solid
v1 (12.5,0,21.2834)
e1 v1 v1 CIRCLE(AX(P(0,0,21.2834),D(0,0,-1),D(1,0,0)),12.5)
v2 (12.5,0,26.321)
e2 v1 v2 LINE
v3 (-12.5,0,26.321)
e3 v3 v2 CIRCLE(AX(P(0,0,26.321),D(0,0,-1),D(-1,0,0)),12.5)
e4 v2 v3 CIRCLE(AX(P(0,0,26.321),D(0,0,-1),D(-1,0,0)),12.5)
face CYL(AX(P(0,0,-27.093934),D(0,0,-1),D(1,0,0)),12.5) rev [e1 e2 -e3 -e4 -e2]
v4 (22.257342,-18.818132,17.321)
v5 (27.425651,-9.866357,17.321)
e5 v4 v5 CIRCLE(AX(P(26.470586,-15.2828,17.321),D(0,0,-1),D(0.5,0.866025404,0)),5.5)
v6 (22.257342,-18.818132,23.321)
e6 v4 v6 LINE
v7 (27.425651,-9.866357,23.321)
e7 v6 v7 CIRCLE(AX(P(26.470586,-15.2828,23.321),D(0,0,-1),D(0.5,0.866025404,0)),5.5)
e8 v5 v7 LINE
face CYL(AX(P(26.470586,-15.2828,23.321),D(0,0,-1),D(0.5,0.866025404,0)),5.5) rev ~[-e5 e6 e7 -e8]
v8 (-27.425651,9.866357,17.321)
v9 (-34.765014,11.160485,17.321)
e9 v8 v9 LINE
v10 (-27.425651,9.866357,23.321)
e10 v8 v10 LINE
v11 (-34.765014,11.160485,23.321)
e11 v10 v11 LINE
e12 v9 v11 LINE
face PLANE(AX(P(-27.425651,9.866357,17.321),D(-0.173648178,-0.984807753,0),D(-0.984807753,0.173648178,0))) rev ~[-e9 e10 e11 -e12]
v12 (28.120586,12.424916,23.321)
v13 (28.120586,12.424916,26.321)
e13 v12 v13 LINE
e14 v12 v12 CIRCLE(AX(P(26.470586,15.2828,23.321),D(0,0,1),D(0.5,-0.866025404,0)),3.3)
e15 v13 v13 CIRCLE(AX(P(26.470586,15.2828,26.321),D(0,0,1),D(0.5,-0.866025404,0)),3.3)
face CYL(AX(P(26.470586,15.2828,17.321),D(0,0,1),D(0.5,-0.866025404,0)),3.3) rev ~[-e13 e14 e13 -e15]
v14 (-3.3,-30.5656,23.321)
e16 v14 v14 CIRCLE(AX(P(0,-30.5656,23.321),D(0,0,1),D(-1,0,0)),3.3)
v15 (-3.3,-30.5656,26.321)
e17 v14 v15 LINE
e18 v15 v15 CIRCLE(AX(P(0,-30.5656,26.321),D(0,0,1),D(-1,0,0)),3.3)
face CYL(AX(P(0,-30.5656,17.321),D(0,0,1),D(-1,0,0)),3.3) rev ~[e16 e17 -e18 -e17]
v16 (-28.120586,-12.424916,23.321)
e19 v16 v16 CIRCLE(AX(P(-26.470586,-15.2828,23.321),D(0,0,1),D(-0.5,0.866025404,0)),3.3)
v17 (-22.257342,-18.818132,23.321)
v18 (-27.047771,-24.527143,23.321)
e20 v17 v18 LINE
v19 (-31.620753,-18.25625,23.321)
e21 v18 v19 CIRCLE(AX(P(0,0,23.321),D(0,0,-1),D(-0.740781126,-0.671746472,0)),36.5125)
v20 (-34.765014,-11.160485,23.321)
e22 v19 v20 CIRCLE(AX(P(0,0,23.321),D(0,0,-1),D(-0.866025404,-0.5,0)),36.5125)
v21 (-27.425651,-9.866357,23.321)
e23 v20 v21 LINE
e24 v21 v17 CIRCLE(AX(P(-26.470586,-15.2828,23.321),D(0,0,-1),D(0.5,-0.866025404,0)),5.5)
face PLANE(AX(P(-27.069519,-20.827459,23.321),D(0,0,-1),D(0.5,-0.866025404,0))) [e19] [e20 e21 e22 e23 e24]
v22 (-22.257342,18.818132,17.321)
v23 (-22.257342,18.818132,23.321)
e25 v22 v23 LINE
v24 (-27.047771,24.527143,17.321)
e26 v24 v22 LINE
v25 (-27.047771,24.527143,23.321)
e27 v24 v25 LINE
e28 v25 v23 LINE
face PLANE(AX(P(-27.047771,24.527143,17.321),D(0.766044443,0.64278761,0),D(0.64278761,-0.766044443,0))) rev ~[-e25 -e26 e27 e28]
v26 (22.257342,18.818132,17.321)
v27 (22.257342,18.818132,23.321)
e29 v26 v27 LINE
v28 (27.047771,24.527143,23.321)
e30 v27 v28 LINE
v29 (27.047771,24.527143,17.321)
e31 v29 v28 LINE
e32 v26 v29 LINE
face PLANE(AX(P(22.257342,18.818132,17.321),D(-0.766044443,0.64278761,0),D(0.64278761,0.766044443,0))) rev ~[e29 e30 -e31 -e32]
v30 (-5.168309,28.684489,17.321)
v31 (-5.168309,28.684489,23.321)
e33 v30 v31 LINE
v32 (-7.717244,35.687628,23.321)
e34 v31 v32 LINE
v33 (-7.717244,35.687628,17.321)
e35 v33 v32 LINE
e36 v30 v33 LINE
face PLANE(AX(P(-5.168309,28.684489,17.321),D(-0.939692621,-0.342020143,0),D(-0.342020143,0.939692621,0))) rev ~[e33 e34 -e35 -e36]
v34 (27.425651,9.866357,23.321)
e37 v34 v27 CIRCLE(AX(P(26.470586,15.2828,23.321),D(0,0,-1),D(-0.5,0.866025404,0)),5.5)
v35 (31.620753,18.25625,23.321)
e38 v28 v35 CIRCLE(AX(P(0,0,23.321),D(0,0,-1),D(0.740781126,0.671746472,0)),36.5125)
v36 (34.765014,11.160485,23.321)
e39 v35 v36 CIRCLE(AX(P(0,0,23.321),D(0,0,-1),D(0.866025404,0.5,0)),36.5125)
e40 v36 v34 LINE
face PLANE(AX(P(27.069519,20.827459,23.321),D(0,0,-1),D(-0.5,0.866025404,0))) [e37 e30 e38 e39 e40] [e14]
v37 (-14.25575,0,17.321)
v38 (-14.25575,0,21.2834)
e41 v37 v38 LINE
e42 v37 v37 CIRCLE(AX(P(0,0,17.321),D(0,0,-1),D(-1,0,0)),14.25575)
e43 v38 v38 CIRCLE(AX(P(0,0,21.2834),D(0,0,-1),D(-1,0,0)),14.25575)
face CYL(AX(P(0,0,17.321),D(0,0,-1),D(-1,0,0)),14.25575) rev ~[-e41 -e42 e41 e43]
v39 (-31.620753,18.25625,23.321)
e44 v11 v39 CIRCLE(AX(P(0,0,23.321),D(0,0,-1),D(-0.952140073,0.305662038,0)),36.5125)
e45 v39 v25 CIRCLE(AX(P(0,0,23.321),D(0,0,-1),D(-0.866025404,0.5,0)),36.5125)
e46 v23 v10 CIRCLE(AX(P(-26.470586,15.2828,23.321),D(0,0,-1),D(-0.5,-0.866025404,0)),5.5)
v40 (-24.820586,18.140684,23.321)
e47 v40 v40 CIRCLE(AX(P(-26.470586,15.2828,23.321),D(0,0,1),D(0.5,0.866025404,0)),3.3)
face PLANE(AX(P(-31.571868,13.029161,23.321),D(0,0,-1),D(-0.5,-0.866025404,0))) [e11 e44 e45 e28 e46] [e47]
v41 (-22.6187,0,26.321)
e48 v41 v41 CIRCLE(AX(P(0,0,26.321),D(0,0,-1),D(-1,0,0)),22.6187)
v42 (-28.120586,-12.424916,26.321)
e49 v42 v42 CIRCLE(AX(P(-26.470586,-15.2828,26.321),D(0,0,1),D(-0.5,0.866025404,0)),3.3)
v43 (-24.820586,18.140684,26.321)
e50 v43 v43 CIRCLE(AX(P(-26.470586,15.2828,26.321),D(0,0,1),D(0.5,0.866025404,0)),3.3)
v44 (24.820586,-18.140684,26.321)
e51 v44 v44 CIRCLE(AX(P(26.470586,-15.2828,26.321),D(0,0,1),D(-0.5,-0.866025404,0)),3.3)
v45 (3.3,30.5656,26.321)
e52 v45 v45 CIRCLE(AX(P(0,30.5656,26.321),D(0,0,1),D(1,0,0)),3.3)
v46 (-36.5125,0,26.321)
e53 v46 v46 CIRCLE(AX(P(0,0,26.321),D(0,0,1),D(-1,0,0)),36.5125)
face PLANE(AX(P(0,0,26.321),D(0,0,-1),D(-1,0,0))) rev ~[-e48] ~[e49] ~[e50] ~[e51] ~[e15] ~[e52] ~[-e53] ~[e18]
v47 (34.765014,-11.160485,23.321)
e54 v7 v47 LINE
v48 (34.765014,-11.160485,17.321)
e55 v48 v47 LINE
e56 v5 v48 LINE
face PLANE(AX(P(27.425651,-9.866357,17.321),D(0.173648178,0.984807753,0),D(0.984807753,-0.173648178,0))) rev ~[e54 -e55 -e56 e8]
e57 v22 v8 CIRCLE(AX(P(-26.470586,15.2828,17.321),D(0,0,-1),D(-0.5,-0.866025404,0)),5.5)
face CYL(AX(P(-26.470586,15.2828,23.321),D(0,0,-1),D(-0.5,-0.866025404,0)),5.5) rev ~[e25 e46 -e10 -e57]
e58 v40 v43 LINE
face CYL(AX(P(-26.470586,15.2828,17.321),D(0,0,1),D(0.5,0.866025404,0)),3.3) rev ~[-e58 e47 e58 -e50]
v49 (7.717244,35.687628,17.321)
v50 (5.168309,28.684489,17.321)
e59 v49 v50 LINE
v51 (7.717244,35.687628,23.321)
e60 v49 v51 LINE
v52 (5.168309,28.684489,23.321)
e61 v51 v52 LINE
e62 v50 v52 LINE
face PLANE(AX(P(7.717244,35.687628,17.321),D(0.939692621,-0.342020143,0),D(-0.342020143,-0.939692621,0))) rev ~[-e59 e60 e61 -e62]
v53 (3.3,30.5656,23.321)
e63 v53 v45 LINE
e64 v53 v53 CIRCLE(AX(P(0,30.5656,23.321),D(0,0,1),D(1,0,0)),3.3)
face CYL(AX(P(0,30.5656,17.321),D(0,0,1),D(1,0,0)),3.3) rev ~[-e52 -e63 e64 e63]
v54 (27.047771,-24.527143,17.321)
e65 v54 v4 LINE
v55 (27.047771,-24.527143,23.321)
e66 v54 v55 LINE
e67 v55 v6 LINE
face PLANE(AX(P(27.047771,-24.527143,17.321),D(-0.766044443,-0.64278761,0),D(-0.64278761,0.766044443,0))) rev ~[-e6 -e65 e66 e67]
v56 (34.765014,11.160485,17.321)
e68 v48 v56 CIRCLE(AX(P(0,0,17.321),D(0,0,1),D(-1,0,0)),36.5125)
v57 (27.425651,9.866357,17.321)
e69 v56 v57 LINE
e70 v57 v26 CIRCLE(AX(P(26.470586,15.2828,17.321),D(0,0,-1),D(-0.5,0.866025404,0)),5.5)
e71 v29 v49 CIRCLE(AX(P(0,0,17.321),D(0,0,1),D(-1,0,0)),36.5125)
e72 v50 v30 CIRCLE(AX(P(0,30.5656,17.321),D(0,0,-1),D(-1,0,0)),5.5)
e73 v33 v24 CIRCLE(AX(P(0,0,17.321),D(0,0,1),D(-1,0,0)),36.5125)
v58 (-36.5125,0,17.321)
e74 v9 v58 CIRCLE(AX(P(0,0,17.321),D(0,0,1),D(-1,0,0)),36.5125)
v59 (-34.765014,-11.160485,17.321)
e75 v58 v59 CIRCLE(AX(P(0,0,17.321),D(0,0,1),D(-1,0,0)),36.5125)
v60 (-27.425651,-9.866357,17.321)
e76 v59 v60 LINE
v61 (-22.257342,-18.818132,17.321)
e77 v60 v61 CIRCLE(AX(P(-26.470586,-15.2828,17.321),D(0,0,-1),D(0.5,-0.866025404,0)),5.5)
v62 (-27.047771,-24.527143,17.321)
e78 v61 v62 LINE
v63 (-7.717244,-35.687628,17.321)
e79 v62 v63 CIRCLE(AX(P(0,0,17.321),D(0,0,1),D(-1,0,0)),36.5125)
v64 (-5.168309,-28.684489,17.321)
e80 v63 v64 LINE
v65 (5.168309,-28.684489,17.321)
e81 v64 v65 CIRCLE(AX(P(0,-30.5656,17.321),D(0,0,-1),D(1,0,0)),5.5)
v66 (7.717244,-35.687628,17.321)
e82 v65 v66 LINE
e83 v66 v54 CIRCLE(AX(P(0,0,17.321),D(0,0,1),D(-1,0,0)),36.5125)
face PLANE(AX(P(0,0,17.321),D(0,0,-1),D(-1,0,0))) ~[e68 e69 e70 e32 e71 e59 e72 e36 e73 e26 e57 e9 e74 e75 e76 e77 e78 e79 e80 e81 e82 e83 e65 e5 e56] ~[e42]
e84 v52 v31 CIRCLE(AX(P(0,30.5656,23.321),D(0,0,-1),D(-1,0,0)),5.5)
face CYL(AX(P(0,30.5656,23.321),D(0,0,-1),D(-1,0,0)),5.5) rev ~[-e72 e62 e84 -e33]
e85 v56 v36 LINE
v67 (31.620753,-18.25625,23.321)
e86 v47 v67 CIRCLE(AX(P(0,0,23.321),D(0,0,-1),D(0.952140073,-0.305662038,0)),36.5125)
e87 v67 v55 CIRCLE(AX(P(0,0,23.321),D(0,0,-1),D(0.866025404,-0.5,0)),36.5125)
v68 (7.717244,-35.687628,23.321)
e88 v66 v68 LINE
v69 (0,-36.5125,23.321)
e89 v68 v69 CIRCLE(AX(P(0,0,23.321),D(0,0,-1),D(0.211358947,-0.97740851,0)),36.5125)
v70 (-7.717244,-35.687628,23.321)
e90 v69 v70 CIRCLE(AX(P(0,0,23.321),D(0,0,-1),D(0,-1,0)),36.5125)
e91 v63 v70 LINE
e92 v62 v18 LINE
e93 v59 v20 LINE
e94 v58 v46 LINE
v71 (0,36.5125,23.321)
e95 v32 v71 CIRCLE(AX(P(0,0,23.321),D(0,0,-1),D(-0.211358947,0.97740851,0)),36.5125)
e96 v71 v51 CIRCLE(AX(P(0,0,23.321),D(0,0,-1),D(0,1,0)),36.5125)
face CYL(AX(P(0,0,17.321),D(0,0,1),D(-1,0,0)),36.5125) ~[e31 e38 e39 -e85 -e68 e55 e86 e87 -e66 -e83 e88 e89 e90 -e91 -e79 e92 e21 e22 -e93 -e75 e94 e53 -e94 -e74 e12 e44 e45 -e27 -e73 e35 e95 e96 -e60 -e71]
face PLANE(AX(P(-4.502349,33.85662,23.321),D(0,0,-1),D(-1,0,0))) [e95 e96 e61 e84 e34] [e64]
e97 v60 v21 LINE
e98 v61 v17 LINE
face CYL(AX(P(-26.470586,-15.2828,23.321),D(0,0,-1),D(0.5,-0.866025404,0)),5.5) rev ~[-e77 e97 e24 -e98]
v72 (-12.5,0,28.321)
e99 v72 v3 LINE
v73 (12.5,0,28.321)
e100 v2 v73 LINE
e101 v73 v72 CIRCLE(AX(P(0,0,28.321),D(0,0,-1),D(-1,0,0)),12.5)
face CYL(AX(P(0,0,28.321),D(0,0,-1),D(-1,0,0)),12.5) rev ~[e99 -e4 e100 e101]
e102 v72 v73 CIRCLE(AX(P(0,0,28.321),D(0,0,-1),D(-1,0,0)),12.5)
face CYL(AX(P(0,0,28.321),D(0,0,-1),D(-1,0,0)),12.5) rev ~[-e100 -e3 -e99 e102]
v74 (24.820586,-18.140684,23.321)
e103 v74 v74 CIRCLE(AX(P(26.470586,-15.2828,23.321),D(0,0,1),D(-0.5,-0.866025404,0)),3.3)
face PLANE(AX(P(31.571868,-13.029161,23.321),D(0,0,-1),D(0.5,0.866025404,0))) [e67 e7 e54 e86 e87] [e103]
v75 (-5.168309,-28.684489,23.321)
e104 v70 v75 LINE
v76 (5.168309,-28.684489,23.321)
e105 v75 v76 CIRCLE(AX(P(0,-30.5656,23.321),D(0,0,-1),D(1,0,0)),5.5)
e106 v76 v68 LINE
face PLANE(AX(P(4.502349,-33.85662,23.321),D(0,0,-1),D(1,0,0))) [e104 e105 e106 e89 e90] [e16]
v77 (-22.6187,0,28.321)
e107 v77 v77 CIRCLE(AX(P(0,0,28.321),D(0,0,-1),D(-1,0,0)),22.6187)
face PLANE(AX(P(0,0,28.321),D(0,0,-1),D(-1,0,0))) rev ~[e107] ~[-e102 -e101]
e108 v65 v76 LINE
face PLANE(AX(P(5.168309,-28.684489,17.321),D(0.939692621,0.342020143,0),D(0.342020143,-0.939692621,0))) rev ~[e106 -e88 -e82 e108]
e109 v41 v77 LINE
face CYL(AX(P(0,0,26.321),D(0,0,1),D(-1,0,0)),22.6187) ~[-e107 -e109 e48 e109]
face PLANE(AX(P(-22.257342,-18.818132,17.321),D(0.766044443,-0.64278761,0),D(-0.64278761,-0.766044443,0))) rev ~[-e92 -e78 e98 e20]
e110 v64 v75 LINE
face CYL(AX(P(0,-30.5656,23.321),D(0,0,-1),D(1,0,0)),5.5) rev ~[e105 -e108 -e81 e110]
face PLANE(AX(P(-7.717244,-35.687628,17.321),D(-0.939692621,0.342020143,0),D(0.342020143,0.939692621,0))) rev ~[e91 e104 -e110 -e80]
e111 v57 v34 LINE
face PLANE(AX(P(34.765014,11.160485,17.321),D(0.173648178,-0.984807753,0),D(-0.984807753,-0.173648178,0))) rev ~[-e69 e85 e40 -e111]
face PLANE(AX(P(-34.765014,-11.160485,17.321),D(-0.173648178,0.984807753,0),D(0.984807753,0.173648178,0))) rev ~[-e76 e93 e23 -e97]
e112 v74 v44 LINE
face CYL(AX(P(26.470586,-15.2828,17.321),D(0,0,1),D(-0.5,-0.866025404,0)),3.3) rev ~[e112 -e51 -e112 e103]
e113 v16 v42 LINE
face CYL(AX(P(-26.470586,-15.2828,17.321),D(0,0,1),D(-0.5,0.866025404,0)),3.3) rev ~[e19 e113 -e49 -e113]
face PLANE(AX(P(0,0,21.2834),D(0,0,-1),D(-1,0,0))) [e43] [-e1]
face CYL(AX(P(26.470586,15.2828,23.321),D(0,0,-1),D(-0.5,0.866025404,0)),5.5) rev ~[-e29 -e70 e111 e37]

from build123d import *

# Parameters (mm, degrees)
CUT_CENTER_DEPTH               = 53.414934066
CUT_CENTER_DEPTH_BACK          = 53.414934066
SKETCH_CENTER_CUT_R            = 12.5
CBORE_FOR_M6_SHCS1_D           = 6.6
CBORE_FOR_M6_SHCS1_CBORE_D     = 11
CBORE_FOR_M6_SHCS1_CBORE_DEPTH = 6
CIRPATTERN1_COUNT              = 6
SKETCH1_R                      = 14.25575
CUT_EXTRUDE1_DEPTH             = 3.9624
CUT_EXTRUDE2_DEPTH             = 6
CIRPATTERN2_COUNT              = 6


with BuildPart() as part:
    # Sketch Spindle Skeleton → Main Revolve (revolve)
    with BuildSketch(Plane(origin=(0, 0, 0), x_dir=(0, 0, -1), z_dir=(1, 0, 0)), mode=Mode.PRIVATE) as main_revolve_sk:
        Polygon((-26.320999936, -22.6187), (-26.320999936, -36.5125), (-17.320999902, -36.5125), (-17.320999902, -9.525), (-26.320999936, -9.525), (-26.320999936, -12.5), (-28.321, -12.5), (-28.321, -22.6187), align=None)
        Polygon((-26.320999936, 36.5125), (-26.320999936, 22.6187), (-28.321, 22.6187), (-28.321, 12.5), (-26.320999936, 12.5), (-26.320999936, 9.525), (-17.320999902, 9.525), (-17.320999902, 36.5125), align=None)
    revolve(main_revolve_sk.sketch.rotate(Axis((0, 0, 1000), (0, 0, -1)), 270), axis=Axis((0, 0, 1000), (0, 0, -1)))

    # Sketch Center Cut → Cut Center (cut, two sides: drawn at the far end of the back side and taken through both)
    with BuildSketch(Plane.XY.offset(26.320999936).offset(-CUT_CENTER_DEPTH_BACK)):
        Circle(SKETCH_CENTER_CUT_R)
    extrude(amount=CUT_CENTER_DEPTH + CUT_CENTER_DEPTH_BACK, mode=Mode.SUBTRACT)

    # CBORE for M6 SHCS1 (through all)
    with Locations(Plane(origin=(0, 0, 17.320999902), x_dir=(-1, 0, 0), z_dir=(0, 0, -1))):
        with Locations((0, 30.565600032)):
            cbore_for_m6_shcs1 = CounterBoreHole(CBORE_FOR_M6_SHCS1_D / 2, CBORE_FOR_M6_SHCS1_CBORE_D / 2, CBORE_FOR_M6_SHCS1_CBORE_DEPTH)

    # CirPattern1: CBORE for M6 SHCS1 ×6 about axis
    cirpattern1_axis = Axis((0, 0, 0), (0, 0, 1))
    for i in range(1, CIRPATTERN1_COUNT):
        add(cbore_for_m6_shcs1.rotate(cirpattern1_axis, i * 360 / CIRPATTERN1_COUNT), mode=Mode.SUBTRACT)

    # Sketch1 → Cut-Extrude1 (cut)
    with BuildSketch(Plane(origin=(0, 0, 17.320999902), x_dir=(-1, 0, 0), z_dir=(0, 0, -1))):
        Circle(SKETCH1_R)
    extrude(amount=-CUT_EXTRUDE1_DEPTH, mode=Mode.SUBTRACT)

    # Sketch2 → Cut-Extrude2 (cut)
    with BuildSketch(Plane(origin=(0, 0, 17.320999902), x_dir=(-1, 0, 0), z_dir=(0, 0, -1))):
        with BuildLine():
            ThreePointArc((5.5, 30.565600032), (5.416442642, 29.610535055), (5.168309414, 28.684489244))
            Line((5.168309414, 28.684489244), (7.71724355, 35.687628224))
            ThreePointArc((7.71724355, 35.687628224), (3.88060116, 36.305696397), (0, 36.5125))
            Line((0, 36.5125), (0, 36.065600032))
            ThreePointArc((0, 36.065600032), (3.889087297, 34.454687329), (5.5, 30.565600032))
        make_face()
        with BuildLine():
            Line((-7.71724355, 35.687628224), (-5.168309414, 28.684489244))
            ThreePointArc((-5.168309414, 28.684489244), (-4.505336244, 33.720270432), (0, 36.065600032))
            Line((0, 36.065600032), (0, 36.5125))
            ThreePointArc((0, 36.5125), (-3.88060116, 36.305696397), (-7.71724355, 35.687628224))
        make_face()
    cut_extrude2 = extrude(amount=-CUT_EXTRUDE2_DEPTH, mode=Mode.SUBTRACT)

    # CirPattern2: Cut-Extrude2 ×6 about axis
    cirpattern2_axis = Axis((0, 0, 0), (0, 0, 1))
    for i in range(1, CIRPATTERN2_COUNT):
        add(cut_extrude2.rotate(cirpattern2_axis, i * 360 / CIRPATTERN2_COUNT), mode=Mode.SUBTRACT)


solid = part.part
